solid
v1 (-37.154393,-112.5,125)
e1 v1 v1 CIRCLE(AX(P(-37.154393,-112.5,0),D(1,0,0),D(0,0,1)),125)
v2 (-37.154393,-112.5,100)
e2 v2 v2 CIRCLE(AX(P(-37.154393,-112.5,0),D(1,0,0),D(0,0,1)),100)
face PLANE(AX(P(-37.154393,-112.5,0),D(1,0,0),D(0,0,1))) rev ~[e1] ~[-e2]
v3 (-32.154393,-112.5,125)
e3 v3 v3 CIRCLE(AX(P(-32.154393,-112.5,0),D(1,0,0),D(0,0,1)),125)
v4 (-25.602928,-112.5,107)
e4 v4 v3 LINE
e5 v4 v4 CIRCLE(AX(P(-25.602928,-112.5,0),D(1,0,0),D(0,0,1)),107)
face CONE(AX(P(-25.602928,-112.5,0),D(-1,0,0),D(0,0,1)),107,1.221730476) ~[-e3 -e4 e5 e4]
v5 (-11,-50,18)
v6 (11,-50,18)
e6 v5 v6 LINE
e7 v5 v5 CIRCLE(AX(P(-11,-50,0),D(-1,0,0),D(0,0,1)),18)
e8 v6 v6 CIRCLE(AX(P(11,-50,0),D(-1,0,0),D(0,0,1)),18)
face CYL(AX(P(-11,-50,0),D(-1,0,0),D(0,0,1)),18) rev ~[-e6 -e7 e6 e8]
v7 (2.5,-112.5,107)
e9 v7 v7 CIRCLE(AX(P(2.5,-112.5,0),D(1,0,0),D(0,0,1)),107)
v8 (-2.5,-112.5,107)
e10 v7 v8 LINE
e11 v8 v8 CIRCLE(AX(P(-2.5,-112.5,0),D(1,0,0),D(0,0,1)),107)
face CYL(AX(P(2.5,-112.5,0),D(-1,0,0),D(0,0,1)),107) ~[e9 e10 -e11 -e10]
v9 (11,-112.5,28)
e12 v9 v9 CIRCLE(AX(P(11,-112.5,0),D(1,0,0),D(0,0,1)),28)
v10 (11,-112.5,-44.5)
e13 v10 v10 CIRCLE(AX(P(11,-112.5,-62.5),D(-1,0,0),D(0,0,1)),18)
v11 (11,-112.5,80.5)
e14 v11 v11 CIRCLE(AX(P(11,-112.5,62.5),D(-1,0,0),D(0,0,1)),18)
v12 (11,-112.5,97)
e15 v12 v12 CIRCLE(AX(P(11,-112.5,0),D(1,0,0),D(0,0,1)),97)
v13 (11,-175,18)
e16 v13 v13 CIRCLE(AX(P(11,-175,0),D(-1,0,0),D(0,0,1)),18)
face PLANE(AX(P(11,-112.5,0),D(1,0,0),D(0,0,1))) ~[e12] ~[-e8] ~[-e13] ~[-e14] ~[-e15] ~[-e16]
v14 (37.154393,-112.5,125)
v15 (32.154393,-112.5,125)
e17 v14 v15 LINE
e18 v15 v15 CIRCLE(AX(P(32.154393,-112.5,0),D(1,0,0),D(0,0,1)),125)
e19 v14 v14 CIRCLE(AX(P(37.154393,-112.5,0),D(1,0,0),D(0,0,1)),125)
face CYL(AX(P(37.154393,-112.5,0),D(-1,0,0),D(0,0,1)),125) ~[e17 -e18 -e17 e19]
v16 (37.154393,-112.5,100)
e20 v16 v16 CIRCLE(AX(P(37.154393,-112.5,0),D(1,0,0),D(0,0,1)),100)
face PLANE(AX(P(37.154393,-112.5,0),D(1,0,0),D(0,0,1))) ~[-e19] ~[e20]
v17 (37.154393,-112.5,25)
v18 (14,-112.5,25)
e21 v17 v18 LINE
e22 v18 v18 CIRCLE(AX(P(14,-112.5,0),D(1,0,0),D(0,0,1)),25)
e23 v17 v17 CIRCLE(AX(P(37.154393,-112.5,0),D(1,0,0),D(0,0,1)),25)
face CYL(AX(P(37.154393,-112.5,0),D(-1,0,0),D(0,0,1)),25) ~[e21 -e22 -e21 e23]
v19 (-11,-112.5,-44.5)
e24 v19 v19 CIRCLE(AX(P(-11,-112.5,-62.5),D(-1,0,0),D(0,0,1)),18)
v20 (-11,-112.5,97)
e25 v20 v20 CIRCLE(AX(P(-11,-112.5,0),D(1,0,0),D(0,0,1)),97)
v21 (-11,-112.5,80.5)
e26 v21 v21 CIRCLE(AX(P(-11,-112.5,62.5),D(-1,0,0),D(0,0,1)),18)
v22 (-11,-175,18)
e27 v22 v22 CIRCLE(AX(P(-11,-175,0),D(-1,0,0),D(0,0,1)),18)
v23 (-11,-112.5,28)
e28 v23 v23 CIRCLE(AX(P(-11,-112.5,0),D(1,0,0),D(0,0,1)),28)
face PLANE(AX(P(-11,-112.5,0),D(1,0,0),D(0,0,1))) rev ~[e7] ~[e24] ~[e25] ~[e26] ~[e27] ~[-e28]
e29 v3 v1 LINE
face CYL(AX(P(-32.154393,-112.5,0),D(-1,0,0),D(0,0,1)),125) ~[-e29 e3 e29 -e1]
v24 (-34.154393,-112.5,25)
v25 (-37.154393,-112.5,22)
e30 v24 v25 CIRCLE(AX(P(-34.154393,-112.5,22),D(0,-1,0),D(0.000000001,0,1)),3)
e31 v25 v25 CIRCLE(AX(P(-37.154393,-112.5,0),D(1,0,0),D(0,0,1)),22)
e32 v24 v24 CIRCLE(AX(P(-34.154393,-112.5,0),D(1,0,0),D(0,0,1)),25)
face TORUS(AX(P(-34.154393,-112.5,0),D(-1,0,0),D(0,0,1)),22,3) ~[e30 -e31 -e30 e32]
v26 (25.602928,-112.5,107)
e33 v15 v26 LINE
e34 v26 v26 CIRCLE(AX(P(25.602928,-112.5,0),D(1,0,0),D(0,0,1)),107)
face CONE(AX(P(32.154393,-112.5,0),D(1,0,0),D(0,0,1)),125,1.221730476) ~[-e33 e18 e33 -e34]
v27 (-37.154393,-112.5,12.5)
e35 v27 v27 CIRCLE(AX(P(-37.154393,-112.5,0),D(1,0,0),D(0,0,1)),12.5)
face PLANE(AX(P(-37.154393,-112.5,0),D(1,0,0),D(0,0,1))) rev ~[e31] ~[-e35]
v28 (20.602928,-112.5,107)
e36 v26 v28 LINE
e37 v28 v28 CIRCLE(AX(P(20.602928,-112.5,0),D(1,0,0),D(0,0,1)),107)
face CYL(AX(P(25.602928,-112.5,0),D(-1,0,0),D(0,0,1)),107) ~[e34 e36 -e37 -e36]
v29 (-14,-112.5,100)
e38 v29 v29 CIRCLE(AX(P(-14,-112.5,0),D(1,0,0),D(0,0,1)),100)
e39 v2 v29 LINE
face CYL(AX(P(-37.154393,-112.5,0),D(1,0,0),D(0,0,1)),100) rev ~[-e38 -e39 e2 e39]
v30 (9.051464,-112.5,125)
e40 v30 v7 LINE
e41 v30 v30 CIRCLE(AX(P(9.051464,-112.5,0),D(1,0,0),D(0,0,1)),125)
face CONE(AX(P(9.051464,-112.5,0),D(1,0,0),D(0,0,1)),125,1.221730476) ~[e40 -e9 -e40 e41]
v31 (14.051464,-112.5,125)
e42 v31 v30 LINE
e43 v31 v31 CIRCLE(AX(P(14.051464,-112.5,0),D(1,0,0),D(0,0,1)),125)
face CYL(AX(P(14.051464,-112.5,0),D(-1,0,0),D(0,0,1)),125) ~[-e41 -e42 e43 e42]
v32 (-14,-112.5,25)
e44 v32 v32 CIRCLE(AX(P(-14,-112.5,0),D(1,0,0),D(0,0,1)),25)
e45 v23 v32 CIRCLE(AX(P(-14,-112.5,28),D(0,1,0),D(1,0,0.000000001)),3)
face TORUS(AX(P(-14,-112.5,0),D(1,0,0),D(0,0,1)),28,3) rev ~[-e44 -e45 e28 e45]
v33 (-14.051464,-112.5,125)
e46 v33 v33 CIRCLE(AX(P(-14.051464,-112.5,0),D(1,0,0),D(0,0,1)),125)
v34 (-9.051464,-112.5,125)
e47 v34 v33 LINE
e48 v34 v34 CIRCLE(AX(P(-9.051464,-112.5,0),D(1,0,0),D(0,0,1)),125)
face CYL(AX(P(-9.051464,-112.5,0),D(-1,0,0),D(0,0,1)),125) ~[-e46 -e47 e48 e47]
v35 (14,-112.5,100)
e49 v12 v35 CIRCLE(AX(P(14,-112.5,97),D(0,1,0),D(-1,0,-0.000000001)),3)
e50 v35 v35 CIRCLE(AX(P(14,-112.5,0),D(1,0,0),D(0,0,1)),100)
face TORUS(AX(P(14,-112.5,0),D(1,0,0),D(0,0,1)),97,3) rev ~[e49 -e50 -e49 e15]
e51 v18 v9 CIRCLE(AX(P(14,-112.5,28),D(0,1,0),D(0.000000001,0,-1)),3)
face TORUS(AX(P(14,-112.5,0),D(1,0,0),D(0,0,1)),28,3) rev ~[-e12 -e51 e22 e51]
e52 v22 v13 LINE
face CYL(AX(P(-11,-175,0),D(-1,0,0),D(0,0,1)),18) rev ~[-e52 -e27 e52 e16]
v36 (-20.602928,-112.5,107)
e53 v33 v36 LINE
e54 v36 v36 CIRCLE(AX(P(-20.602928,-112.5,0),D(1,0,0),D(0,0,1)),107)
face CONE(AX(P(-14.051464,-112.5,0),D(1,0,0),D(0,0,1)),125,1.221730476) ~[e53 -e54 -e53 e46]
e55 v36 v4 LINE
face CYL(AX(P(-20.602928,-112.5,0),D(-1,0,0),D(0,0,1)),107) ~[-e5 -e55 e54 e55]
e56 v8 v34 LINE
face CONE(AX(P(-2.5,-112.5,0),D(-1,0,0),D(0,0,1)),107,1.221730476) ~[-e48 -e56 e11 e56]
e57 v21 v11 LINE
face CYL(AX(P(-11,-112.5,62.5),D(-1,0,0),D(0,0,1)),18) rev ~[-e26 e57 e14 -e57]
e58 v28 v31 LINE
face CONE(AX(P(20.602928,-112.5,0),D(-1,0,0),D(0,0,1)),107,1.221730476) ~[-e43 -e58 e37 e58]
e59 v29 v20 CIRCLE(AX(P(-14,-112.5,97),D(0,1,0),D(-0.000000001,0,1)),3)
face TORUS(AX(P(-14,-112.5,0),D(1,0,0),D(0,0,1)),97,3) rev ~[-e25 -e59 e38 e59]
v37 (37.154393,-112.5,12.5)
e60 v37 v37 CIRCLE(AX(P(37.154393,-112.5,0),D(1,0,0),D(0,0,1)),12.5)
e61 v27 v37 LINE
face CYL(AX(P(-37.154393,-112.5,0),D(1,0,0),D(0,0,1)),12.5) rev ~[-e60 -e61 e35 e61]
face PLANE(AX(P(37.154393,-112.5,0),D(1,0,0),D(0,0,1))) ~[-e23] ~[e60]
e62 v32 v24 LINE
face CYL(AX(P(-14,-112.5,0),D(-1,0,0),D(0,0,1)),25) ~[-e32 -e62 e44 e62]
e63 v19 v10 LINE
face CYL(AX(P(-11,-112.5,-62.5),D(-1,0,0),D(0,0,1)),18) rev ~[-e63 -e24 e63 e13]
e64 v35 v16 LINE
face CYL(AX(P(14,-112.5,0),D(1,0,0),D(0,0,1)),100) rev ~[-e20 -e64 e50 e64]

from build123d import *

# Parameters (mm, degrees)
SKETCH2_R          = 18
CUT_EXTRUDE1_DEPTH = 169


with BuildPart() as part:
    # Sketch1 → Revolve1 (revolve)
    with BuildSketch(Plane.XY, mode=Mode.PRIVATE) as revolve1_sk:
        with BuildLine():
            Line((-37.15439265, -12.5), (-14, -12.5))
            ThreePointArc((-14, -12.5), (-11.878679656, -13.378679656), (-11, -15.5))
            Line((-11, -15.5), (-11, -84.5))
            ThreePointArc((-11, -84.5), (-11.878679656, -86.621320344), (-14, -87.5))
            Line((-14, -87.5), (-34.15439265, -87.5))
            ThreePointArc((-34.15439265, -87.5), (-36.275712994, -88.378679656), (-37.15439265, -90.5))
            Line((-37.15439265, -90.5), (-37.15439265, -100))
            Line((-37.15439265, -100), (37.15439265, -100))
            Line((37.15439265, -100), (37.15439265, -87.5))
            Line((37.15439265, -87.5), (14, -87.5))
            ThreePointArc((14, -87.5), (11.878679656, -86.621320344), (11, -84.5))
            Line((11, -84.5), (11, -15.5))
            ThreePointArc((11, -15.5), (11.878679656, -13.378679656), (14, -12.5))
            Line((14, -12.5), (37.15439265, -12.5))
            Line((37.15439265, -12.5), (37.15439265, 12.5))
            Line((37.15439265, 12.5), (32.15439265, 12.5))
            Line((32.15439265, 12.5), (25.602928434, -5.5))
            Line((25.602928434, -5.5), (20.602928434, -5.5))
            Line((20.602928434, -5.5), (14.051464217, 12.5))
            Line((14.051464217, 12.5), (9.051464217, 12.5))
            Line((9.051464217, 12.5), (2.5, -5.5))
            Line((2.5, -5.5), (-2.5, -5.5))
            Line((-2.5, -5.5), (-9.051464217, 12.5))
            Line((-9.051464217, 12.5), (-14.051464217, 12.5))
            Line((-14.051464217, 12.5), (-20.602928434, -5.5))
            Line((-20.602928434, -5.5), (-25.602928434, -5.5))
            Line((-25.602928434, -5.5), (-32.15439265, 12.5))
            Line((-32.15439265, 12.5), (-37.15439265, 12.5))
            Line((-37.15439265, 12.5), (-37.15439265, -12.5))
        make_face()
    revolve(revolve1_sk.sketch.rotate(Axis((-92.43329882, -112.5, 0), (1, 0, 0)), 90), axis=Axis((-92.43329882, -112.5, 0), (1, 0, 0)))

    # Sketch2 → Cut-Extrude1 (cut)
    with BuildSketch(Plane.ZY.offset(11)):
        with Locations((0, -50)):
            Circle(SKETCH2_R)
        with Locations((62.5, -112.5)):
            Circle(SKETCH2_R)
        with Locations((0, -175)):
            Circle(SKETCH2_R)
        with Locations((-62.5, -112.5)):
            Circle(SKETCH2_R)
    extrude(amount=-CUT_EXTRUDE1_DEPTH, mode=Mode.SUBTRACT)


solid = part.part
